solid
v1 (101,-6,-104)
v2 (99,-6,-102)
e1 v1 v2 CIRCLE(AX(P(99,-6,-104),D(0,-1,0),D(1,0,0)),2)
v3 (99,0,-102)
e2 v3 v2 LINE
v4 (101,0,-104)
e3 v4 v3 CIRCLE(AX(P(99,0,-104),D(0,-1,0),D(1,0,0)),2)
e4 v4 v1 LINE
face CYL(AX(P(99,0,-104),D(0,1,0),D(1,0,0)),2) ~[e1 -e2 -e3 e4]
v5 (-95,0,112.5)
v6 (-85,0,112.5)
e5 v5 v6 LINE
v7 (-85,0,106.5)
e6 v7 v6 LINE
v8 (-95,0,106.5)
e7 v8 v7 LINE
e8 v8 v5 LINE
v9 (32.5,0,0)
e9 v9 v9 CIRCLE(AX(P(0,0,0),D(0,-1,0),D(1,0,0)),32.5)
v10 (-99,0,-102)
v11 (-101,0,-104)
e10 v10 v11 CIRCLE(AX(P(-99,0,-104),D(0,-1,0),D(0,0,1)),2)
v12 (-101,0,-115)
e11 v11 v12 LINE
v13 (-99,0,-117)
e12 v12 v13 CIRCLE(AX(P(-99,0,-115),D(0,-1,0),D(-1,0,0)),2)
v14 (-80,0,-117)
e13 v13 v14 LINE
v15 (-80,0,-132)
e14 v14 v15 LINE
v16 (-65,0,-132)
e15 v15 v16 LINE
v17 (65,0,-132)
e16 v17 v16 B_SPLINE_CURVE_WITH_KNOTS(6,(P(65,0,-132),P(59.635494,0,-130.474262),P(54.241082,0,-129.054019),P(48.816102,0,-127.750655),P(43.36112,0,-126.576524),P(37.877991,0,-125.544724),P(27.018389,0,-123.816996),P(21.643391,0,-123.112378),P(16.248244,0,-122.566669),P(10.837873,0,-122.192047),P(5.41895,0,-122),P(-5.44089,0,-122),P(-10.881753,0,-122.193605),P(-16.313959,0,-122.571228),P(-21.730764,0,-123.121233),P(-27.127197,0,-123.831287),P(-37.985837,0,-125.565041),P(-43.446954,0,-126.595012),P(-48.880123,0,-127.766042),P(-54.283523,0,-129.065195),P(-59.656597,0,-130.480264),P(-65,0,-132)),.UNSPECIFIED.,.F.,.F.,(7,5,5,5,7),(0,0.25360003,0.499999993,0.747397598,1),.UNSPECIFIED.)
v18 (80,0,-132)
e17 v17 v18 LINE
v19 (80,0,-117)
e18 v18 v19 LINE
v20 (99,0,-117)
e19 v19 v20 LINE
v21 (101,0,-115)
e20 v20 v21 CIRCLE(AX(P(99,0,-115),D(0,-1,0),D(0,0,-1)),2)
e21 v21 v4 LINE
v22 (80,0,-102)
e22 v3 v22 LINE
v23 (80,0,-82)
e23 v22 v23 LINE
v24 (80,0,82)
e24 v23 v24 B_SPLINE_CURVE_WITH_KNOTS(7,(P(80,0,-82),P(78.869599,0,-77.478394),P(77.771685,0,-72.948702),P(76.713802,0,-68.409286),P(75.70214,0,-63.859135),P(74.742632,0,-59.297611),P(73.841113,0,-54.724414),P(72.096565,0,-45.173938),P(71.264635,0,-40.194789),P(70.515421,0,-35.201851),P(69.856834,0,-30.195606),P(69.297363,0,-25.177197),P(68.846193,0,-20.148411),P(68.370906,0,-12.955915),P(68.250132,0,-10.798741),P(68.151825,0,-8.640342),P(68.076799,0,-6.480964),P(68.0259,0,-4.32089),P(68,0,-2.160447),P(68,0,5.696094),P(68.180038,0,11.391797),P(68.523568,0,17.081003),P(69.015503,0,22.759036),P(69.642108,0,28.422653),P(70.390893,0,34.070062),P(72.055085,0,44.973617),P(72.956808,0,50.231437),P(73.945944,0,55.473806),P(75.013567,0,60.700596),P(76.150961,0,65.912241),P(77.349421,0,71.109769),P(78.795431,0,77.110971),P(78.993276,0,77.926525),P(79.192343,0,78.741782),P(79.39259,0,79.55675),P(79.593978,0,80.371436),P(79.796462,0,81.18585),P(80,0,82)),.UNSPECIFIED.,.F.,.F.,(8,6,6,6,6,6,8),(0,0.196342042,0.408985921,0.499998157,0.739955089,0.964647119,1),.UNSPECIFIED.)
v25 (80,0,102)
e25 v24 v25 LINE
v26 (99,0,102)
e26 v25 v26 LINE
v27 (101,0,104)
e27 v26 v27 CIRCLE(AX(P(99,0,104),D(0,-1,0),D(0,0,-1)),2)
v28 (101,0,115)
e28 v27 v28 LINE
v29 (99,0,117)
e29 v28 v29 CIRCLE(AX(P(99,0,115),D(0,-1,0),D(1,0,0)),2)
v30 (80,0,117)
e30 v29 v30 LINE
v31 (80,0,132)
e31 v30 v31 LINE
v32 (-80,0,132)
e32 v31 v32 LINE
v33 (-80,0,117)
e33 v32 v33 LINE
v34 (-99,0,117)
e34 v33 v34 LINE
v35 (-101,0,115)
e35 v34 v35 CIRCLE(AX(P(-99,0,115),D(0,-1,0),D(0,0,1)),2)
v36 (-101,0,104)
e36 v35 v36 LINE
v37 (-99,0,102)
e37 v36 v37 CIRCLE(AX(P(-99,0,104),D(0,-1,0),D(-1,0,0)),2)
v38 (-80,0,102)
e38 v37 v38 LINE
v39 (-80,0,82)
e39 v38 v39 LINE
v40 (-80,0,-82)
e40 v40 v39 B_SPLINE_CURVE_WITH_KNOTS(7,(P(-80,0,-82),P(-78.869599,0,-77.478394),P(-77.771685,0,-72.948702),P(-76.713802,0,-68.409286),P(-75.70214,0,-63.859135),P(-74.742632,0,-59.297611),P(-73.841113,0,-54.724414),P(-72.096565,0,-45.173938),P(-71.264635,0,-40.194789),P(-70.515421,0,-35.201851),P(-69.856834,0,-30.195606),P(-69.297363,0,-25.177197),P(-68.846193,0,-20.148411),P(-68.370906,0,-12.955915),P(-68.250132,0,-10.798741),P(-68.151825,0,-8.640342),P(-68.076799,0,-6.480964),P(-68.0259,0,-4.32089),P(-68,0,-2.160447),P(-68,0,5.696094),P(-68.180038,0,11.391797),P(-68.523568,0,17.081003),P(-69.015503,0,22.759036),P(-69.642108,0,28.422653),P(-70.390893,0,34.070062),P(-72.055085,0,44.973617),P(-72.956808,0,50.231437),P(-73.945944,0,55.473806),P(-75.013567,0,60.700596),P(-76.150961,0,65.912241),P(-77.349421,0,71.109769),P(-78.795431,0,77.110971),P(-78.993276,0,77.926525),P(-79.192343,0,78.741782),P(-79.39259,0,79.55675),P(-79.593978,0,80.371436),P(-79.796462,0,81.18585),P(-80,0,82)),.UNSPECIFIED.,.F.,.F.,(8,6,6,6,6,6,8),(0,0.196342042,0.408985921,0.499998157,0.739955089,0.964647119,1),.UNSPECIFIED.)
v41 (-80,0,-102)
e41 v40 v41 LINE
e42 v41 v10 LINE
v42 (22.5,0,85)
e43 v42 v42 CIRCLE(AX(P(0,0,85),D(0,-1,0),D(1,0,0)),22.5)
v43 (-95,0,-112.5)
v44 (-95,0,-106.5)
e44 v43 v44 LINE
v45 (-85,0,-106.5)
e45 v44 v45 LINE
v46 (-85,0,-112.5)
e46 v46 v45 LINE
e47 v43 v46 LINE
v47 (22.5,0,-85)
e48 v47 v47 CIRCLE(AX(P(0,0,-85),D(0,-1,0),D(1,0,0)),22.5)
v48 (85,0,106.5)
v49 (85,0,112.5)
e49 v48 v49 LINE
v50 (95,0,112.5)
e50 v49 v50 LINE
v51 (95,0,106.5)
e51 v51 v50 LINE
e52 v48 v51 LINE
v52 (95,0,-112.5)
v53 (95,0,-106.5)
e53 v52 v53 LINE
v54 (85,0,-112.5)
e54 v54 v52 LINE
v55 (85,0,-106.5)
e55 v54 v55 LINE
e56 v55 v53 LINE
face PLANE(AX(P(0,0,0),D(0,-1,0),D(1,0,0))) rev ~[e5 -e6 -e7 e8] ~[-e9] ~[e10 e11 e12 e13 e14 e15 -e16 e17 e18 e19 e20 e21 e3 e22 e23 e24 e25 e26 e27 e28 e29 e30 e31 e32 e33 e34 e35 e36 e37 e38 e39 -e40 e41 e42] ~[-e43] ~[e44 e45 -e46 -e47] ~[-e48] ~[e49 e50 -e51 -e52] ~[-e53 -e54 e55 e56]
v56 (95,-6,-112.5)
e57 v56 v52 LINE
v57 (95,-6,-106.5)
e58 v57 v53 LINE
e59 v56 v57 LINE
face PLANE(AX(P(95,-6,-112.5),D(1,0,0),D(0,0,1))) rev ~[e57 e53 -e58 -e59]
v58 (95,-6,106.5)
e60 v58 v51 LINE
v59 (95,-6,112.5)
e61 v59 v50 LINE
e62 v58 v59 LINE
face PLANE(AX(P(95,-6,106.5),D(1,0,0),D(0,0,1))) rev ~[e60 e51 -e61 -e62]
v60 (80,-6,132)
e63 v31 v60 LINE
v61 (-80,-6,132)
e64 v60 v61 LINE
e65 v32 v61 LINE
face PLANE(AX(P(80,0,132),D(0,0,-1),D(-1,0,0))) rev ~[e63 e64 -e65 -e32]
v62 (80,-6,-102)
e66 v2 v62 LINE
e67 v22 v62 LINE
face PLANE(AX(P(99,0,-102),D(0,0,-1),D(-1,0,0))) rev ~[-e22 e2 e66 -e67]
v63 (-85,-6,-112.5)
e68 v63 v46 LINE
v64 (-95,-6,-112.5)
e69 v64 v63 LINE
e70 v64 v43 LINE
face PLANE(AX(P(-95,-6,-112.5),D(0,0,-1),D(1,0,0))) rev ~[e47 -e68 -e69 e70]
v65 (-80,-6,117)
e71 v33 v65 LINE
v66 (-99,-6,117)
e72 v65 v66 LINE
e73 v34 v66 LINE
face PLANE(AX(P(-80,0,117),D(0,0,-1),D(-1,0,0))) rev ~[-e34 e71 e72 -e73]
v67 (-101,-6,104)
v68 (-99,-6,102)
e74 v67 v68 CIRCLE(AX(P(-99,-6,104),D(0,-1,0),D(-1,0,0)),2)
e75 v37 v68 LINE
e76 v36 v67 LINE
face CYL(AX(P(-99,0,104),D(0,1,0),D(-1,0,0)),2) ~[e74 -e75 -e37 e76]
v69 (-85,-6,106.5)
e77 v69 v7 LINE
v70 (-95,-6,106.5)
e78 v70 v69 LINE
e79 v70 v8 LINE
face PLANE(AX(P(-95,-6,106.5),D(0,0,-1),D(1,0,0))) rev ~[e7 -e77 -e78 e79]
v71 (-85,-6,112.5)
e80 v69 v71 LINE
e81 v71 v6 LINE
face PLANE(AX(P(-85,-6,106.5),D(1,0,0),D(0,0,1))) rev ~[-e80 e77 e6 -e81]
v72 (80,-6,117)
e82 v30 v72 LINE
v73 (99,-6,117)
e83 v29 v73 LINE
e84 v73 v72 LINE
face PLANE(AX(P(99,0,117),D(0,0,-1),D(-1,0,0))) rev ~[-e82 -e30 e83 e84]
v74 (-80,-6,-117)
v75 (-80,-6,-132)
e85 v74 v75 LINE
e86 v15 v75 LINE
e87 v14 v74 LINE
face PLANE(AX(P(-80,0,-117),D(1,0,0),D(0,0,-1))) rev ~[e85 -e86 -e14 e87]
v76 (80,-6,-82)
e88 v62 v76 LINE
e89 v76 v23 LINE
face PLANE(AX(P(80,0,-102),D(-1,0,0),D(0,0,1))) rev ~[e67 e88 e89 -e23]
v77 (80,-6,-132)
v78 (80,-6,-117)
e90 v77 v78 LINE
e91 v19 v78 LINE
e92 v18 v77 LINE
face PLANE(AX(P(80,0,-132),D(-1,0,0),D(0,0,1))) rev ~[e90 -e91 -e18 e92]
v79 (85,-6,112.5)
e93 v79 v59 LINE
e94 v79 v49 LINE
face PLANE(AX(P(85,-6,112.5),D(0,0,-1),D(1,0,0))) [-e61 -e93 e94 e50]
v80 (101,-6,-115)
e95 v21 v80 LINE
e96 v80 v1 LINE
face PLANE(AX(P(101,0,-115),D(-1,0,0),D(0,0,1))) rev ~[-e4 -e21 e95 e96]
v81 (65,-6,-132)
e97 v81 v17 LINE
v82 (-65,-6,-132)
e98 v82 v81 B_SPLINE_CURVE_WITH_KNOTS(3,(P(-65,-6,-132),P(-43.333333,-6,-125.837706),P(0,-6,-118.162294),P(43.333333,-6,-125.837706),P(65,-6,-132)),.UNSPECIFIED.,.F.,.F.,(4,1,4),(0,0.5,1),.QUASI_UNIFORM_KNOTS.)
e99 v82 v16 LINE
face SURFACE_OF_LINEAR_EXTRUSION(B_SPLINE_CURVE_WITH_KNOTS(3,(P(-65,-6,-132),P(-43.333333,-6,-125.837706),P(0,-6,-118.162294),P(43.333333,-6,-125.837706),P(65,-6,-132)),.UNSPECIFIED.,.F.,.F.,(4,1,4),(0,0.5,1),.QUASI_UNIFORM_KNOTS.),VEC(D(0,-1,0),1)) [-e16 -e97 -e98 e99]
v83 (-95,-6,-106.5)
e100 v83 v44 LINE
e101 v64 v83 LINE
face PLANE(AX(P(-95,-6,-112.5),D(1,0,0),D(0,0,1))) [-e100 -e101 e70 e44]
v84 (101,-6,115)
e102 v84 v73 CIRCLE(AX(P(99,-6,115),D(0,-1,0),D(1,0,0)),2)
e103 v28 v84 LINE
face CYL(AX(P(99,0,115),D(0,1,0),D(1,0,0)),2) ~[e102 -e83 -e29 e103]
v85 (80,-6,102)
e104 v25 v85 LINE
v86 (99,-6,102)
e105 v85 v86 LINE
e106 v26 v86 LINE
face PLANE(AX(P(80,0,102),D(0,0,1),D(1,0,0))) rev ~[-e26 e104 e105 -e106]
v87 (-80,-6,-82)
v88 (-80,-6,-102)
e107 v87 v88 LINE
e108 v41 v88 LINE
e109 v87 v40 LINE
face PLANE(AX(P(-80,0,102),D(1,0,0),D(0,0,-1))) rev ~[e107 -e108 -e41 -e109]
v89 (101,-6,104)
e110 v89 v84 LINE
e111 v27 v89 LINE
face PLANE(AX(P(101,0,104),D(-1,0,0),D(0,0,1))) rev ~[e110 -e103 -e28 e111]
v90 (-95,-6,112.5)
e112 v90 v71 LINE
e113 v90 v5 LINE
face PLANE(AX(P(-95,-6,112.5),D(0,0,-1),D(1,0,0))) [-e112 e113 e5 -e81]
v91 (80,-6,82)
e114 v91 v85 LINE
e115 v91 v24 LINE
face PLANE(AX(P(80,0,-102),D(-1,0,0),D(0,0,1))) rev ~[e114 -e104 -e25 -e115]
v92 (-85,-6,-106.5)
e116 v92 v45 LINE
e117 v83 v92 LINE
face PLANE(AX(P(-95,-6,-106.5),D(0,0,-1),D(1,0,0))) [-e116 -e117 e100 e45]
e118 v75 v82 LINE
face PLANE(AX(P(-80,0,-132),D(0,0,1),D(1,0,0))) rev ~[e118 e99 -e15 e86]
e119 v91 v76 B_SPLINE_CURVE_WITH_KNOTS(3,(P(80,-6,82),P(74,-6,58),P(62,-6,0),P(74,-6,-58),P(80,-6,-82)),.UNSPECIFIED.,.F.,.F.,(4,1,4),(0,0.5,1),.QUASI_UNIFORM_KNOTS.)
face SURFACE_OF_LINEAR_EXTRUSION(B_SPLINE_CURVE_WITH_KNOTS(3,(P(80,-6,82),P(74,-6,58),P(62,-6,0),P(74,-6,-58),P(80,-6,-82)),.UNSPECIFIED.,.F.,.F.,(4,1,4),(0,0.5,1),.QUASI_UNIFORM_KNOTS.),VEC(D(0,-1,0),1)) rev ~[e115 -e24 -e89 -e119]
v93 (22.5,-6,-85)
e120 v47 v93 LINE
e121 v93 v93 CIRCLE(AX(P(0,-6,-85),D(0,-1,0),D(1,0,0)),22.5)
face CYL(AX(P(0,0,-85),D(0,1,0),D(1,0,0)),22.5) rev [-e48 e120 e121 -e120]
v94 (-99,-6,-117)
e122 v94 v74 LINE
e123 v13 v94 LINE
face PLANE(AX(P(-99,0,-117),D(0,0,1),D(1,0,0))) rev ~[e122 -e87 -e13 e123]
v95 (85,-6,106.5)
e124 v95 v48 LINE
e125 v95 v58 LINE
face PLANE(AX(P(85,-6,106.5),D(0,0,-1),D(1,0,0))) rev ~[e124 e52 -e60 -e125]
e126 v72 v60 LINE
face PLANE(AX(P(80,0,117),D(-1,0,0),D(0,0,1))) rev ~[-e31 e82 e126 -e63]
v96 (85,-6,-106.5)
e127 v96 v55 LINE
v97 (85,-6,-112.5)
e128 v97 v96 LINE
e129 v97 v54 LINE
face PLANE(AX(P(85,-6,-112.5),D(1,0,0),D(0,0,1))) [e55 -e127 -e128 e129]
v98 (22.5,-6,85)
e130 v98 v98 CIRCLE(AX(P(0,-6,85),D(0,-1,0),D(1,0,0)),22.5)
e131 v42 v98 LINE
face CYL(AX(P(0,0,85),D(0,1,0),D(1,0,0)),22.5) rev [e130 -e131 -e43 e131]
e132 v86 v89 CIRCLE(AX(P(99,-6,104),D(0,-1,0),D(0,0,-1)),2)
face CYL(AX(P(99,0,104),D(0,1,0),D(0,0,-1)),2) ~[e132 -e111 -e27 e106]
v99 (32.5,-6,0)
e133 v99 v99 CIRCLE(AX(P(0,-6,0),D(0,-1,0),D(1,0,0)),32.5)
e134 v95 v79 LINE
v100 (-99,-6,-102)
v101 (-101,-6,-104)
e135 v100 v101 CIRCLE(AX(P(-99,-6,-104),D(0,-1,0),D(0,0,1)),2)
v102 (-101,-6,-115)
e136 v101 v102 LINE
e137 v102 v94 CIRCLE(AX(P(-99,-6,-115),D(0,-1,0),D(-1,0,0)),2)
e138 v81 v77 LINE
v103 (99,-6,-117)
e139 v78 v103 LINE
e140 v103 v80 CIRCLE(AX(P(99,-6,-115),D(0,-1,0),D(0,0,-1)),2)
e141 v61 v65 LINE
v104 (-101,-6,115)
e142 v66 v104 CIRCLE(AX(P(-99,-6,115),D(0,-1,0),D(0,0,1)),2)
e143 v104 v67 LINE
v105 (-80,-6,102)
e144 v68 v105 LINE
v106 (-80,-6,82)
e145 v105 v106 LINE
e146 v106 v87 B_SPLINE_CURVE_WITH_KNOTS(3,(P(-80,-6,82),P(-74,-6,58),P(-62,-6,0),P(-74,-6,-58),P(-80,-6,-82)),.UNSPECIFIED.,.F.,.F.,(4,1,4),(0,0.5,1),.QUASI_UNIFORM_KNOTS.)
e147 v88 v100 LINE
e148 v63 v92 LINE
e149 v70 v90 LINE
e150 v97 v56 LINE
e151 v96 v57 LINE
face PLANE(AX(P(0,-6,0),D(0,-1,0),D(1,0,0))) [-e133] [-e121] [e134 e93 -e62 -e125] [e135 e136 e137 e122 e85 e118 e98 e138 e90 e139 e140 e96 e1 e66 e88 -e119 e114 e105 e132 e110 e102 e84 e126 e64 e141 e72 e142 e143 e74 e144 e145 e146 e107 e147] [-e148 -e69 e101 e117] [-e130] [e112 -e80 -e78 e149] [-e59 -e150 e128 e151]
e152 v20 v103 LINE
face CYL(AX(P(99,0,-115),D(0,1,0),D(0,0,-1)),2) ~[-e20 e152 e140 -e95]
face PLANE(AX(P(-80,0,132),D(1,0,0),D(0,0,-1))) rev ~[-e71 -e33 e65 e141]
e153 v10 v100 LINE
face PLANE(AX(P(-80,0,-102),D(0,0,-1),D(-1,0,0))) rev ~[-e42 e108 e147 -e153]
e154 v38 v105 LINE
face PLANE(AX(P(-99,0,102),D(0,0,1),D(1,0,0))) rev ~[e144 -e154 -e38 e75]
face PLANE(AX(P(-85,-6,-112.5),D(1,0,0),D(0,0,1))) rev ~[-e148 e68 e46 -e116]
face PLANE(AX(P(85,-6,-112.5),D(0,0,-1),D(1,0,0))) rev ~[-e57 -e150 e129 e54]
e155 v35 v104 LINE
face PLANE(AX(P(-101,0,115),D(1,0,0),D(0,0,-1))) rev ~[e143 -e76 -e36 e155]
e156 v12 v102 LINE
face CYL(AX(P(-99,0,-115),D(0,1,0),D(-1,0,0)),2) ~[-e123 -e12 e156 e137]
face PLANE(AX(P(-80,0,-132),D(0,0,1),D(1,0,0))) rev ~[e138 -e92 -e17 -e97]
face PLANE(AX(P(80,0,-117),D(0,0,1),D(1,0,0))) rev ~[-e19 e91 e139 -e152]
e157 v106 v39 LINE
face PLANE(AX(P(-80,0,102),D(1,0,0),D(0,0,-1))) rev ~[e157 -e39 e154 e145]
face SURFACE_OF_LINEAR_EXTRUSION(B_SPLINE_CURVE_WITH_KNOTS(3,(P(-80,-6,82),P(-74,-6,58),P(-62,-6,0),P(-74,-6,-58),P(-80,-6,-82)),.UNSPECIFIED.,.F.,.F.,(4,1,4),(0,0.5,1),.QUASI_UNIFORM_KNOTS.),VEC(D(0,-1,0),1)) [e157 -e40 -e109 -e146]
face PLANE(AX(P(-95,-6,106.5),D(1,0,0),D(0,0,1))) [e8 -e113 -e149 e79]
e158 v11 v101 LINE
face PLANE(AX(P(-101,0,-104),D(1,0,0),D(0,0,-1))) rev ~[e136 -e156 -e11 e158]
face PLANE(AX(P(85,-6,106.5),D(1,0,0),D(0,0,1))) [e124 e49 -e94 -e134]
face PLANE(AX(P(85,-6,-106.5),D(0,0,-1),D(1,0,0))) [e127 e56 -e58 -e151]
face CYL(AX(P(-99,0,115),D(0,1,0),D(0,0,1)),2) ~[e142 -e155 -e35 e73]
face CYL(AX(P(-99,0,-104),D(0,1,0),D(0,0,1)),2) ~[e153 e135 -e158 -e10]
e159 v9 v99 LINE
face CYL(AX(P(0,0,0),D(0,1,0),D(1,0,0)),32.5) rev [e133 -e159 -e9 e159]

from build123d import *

# Parameters (mm, degrees)
F0_R     = 22.5
F0_R_2   = 32.5
F1_DEPTH = 6
F2_W     = 10
F2_H     = 6
F3_DEPTH = 25
F5_DEPTH = 25


with BuildPart() as f1:
    # F0 (on Front) → F1 (new body)
    with BuildSketch(Plane.XZ):
        Polygon((80, 132), (-80, 132), (-80, 117), (-80, 102), (-80, 74.3303437366), (-80, -102), (-80, -117), (-80, -132), (80, -132), (80, -117), (80, -102), (80, -74.3303437366), (80, 102), (80, 117), align=None)
        with Locations((0, -85)):
            Circle(F0_R, mode=Mode.SUBTRACT)
        Circle(F0_R_2, mode=Mode.SUBTRACT)
        with Locations((0, 85)):
            Circle(F0_R, mode=Mode.SUBTRACT)
        with BuildLine():
            Line((-80, 102), (-80, 117))
            Line((-80, 117), (-99, 117))
            ThreePointArc((-99, 117), (-100.4142135624, 116.4142135624), (-101, 115))
            Line((-101, 115), (-101, 104))
            ThreePointArc((-101, 104), (-100.4142135624, 102.5857864376), (-99, 102))
            Line((-99, 102), (-80, 102))
        make_face()
        with BuildLine():
            Line((99, 117), (80, 117))
            Line((80, 117), (80, 102))
            Line((80, 102), (99, 102))
            ThreePointArc((99, 102), (100.4142135624, 102.5857864376), (101, 104))
            Line((101, 104), (101, 115))
            ThreePointArc((101, 115), (100.4142135624, 116.4142135624), (99, 117))
        make_face()
        with BuildLine():
            Line((-80, -117), (-80, -102))
            Line((-80, -102), (-99, -102))
            ThreePointArc((-99, -102), (-100.4142135624, -102.5857864376), (-101, -104))
            Line((-101, -104), (-101, -115))
            ThreePointArc((-101, -115), (-100.4142135624, -116.4142135624), (-99, -117))
            Line((-99, -117), (-80, -117))
        make_face()
        with BuildLine():
            Line((99, -102), (80, -102))
            Line((80, -102), (80, -117))
            Line((80, -117), (99, -117))
            ThreePointArc((99, -117), (100.4142135624, -116.4142135624), (101, -115))
            Line((101, -115), (101, -104))
            ThreePointArc((101, -104), (100.4142135624, -102.5857864376), (99, -102))
        make_face()
    extrude(amount=F1_DEPTH)

    # F2 (on face) → F3 (cut)
    with BuildSketch(Plane.XZ.offset(6)):
        with Locations((-90, 109.5)):
            Rectangle(F2_W, F2_H)
        with Locations((90, 109.5)):
            Rectangle(F2_W, F2_H)
        with Locations((-90, -109.5)):
            Rectangle(F2_W, F2_H)
        with Locations((90, -109.5)):
            Rectangle(F2_W, F2_H)
    extrude(amount=-F3_DEPTH, mode=Mode.SUBTRACT)

    # F4 (on face) → F5 (cut)
    with BuildSketch(Plane.XZ.offset(6)):
        with BuildLine():
            add(Edge.make_bspline(
                [(-65, -132), (-43.3333333333, -125.837706387), (0, -118.162293613), (43.3333333333, -125.837706387), (65, -132)],
                knots=[0, 0, 0, 0, 0.5, 1, 1, 1, 1], degree=3))
            Line((-65, -132), (-65, -149.1421461105))
            Line((-65, -149.1421461105), (65, -149.1421461105))
            Line((65, -149.1421461105), (65, -132))
        make_face()
        with BuildLine():
            Line((104.2380854487, 82), (80, 82))
            add(Edge.make_bspline(
                [(80, 82), (74, 58), (62, 0), (74, -58), (80, -82)],
                knots=[0, 0, 0, 0, 0.5, 1, 1, 1, 1], degree=3))
            Line((80, -82), (104.2380854487, -82))
            Line((104.2380854487, -82), (104.2380854487, 82))
        make_face()
        with BuildLine():
            add(Edge.make_bspline(
                [(-80, 82), (-74, 58), (-62, 0), (-74, -58), (-80, -82)],
                knots=[0, 0, 0, 0, 0.5, 1, 1, 1, 1], degree=3))
            Line((-80, 82), (-104.2380854487, 82))
            Line((-104.2380854487, 82), (-104.2380854487, -82))
            Line((-104.2380854487, -82), (-80, -82))
        make_face()
    extrude(amount=-F5_DEPTH, mode=Mode.SUBTRACT)


solid = f1.part
